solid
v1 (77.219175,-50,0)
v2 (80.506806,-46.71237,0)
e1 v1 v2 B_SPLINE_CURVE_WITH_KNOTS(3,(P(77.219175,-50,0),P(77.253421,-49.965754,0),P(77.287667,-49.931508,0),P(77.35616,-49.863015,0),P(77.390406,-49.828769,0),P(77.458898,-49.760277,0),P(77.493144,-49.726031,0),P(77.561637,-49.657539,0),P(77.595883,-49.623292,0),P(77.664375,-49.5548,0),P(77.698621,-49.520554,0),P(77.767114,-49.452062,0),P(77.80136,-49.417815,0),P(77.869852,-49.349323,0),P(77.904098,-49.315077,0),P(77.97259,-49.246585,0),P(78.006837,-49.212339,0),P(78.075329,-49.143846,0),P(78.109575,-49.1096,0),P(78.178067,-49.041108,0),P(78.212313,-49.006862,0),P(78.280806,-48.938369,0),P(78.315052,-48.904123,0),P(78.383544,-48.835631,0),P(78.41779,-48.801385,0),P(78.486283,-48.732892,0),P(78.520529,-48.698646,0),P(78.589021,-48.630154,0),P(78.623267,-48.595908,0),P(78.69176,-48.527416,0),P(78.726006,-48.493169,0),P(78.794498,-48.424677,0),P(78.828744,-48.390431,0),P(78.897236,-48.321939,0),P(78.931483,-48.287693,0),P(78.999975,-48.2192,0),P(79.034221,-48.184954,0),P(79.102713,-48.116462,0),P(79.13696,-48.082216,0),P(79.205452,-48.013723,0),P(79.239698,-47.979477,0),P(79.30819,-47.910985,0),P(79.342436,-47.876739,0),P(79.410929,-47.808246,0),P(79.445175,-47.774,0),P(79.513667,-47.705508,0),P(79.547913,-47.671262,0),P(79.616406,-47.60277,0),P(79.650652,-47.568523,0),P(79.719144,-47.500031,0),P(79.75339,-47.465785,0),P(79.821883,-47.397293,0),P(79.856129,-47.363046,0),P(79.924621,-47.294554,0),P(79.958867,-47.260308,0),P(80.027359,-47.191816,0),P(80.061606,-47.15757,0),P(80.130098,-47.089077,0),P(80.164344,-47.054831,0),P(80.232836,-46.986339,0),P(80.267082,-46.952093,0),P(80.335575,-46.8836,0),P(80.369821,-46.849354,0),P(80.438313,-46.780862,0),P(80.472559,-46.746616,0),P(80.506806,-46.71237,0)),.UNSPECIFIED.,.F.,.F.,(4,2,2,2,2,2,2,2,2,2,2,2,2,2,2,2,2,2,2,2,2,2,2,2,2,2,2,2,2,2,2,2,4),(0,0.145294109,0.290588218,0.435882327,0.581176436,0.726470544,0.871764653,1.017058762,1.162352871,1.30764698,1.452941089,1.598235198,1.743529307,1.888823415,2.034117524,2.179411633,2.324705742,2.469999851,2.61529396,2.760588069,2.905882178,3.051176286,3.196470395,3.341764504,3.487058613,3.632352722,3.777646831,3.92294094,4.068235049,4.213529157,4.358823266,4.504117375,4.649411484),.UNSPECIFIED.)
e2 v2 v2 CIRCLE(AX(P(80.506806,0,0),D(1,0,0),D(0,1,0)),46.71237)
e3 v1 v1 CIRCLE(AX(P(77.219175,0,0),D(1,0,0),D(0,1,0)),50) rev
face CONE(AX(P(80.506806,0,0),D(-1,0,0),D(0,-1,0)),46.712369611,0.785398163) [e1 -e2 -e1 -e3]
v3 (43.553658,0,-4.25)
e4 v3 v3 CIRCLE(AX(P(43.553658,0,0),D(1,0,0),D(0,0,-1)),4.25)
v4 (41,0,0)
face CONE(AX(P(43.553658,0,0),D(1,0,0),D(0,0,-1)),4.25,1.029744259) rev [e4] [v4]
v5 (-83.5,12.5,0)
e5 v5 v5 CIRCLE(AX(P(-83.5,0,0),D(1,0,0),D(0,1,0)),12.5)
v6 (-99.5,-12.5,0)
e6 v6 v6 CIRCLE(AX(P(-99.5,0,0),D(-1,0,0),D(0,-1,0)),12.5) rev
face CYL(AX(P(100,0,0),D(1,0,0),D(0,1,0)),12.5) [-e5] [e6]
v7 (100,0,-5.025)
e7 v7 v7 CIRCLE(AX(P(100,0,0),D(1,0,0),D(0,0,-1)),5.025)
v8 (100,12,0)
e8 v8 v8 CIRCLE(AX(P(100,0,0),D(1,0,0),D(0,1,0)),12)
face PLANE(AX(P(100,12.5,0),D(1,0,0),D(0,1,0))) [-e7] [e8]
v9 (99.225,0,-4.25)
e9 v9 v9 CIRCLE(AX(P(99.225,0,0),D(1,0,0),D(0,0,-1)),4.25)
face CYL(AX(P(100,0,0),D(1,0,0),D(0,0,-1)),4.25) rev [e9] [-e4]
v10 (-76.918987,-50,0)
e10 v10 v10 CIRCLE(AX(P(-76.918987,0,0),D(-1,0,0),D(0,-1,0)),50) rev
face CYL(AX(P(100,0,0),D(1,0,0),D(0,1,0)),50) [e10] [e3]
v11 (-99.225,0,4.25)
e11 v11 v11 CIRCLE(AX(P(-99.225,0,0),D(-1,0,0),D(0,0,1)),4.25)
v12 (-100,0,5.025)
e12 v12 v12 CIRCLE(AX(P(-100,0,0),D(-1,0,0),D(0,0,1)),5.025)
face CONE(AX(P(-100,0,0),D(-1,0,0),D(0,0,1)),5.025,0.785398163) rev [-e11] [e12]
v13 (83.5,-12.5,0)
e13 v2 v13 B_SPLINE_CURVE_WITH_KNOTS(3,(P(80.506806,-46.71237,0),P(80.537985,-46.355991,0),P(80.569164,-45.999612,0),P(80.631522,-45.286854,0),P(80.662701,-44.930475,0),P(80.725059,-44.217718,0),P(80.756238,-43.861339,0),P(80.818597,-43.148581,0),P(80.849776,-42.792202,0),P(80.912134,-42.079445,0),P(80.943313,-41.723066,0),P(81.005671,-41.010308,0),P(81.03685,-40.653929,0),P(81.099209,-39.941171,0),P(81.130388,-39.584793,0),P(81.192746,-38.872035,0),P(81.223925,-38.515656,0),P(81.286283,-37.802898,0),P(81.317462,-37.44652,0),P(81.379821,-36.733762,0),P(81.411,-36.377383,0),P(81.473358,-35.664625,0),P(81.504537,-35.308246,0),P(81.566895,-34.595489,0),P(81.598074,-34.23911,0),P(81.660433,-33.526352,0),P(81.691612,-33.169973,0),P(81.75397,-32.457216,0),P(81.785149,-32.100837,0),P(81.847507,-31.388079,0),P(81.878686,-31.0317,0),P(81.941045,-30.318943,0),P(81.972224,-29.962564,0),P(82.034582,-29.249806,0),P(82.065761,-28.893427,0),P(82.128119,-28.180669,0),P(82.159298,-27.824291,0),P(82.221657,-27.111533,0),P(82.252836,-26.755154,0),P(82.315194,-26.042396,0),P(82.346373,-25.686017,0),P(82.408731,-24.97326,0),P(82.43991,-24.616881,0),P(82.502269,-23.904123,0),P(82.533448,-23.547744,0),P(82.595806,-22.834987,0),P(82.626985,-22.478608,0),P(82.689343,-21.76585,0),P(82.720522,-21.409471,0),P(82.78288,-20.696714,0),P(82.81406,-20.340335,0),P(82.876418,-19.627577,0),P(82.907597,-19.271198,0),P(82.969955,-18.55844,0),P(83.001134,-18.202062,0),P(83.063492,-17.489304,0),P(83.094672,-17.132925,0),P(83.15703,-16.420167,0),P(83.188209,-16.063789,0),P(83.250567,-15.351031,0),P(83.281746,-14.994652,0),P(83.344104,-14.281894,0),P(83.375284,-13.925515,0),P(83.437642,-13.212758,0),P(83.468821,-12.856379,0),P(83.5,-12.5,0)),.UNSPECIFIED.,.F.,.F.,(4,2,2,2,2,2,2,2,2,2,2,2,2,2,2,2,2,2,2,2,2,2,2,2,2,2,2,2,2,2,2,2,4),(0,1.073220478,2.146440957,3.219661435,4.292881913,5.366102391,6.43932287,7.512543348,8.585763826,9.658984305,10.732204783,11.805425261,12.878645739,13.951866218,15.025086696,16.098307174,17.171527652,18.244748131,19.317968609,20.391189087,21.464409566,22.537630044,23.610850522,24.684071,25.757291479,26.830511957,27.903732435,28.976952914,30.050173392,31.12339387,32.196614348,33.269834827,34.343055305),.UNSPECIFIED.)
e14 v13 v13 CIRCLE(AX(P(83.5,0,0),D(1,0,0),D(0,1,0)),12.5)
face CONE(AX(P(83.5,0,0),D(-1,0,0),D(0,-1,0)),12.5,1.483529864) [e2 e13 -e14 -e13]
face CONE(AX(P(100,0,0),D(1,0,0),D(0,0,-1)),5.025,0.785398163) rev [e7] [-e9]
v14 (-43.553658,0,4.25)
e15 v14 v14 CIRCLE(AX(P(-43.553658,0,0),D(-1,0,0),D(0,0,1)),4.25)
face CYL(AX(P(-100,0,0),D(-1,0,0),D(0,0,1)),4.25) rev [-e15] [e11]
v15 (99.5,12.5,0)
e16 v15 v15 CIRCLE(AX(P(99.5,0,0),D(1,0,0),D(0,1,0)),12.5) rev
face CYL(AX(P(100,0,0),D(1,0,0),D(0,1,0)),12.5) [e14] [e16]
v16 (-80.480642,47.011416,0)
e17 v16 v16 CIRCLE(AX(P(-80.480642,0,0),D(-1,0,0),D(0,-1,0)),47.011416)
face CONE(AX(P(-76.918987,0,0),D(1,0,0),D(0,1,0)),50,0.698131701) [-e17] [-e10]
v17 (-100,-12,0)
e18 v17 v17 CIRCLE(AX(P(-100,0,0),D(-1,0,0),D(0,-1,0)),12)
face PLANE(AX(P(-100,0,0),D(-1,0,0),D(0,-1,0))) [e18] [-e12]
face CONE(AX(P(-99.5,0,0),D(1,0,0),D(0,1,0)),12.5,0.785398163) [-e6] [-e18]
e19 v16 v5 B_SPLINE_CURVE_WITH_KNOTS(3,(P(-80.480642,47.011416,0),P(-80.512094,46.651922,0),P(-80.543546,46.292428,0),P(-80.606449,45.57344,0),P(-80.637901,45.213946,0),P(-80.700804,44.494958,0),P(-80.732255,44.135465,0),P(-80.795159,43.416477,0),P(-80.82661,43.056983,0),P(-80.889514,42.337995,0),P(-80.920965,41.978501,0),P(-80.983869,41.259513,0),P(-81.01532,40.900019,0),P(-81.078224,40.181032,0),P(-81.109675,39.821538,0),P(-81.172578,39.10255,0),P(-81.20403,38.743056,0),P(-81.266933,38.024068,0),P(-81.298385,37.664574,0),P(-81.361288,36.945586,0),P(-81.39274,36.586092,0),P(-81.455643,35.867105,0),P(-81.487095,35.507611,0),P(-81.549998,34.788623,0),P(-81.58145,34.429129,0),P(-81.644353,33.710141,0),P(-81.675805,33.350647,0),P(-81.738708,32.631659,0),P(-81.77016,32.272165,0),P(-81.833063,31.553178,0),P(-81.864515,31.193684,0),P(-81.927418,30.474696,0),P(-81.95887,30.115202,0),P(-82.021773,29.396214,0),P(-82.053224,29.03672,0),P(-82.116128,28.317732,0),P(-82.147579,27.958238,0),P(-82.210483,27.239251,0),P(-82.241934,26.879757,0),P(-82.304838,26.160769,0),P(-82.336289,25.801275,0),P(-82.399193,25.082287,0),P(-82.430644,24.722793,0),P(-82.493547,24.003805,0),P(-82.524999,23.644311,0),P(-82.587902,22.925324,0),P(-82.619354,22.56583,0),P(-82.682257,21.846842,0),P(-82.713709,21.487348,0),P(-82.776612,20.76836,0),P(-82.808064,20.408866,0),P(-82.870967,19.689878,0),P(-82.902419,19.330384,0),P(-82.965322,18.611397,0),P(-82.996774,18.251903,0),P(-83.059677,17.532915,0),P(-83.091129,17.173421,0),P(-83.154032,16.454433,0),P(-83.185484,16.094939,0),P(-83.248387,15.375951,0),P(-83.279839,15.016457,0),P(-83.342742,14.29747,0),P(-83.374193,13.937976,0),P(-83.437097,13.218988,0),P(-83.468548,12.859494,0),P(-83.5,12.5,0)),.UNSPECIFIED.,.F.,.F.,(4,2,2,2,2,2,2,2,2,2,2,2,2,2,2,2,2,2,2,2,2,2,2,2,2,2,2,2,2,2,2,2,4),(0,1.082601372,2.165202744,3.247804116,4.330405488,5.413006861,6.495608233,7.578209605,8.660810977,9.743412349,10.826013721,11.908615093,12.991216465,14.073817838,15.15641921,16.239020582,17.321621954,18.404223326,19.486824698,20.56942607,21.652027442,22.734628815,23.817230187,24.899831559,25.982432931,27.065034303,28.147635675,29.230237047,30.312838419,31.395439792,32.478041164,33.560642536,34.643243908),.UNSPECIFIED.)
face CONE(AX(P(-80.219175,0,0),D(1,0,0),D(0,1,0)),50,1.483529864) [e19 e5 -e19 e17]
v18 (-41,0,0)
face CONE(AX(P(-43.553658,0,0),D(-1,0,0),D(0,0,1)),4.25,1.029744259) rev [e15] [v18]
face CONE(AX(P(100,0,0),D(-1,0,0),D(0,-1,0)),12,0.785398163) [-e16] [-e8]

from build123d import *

# Parameters (mm, degrees)
CHAMFER1_SIZE                = 0.5
CHAMFER2_SIZE                = 3
CHAMFER2_SIZE2               = 3.300188603
CHAMFER3_SIZE                = 3
CHAMFER3_SIZE2               = 3.300188603
CHAMFER4_SIZE                = 0.5
M10_TAPPED_HOLE2_D           = 8.5
M10_TAPPED_HOLE2_DEPTH       = 56.446342369
M10_TAPPED_HOLE2_CSINK_D     = 10.05
M10_TAPPED_HOLE2_CSINK_ANGLE = 90
M10_TAPPED_HOLE2_TIP         = 2.553657631


with BuildPart() as part:
    # Sketch1 → Revolve1 (revolve)
    with BuildSketch(Plane.XY):
        Polygon((-100, 0), (-100, 12.5), (-83.5, 12.5), (-80.219175118, 50), (80.219175118, 50), (83.5, 12.5), (100, 12.5), (100, 0), align=None)
    revolve(axis=Axis((100, 0, 0), (-1, 0, 0)))

    # Chamfer1
    chamfer1_edges = [part.edges().sort_by_distance(p)[0] for p in [
        (-100, -12.5, 0),
    ]]
    chamfer(chamfer1_edges, length=CHAMFER1_SIZE)

    # Chamfer2
    chamfer2_edges = [part.edges().sort_by_distance(p)[0] for p in [
        (-80.219175118, -50, 0),
    ]]
    chamfer2_side = [part.faces().sort_by_distance(p)[0] for p in [
        (-81.859587559, -31.25, 0),
    ]]
    chamfer(chamfer2_edges, length=CHAMFER2_SIZE, length2=CHAMFER2_SIZE2, reference=chamfer2_side[0])

    # Chamfer3
    chamfer3_edges = [part.edges().sort_by_distance(p)[0] for p in [
        (80.219175118, -50, 0),
    ]]
    chamfer3_side = [part.faces().sort_by_distance(p)[0] for p in [
        (1.650094301, -50, 0),
    ]]
    chamfer(chamfer3_edges, length=CHAMFER3_SIZE, length2=CHAMFER3_SIZE2, reference=chamfer3_side[0])

    # Chamfer4
    chamfer4_edges = [part.edges().sort_by_distance(p)[0] for p in [
        (100, -12.5, 0),
    ]]
    chamfer(chamfer4_edges, length=CHAMFER4_SIZE)

    # Sketch5 → M10 Tapped Hole1 (revolve, cut)
    with BuildSketch(Plane(origin=(100, 0, 0), x_dir=(0, 0, -1), z_dir=(0, 1, 0))):
        Polygon((0, 0), (0, 59), (4.25, 56.446342369), (4.25, 0.775), (5.025, 0), align=None)
    revolve(axis=Axis((106.35, 0, 0), (-1, 0, 0)), mode=Mode.SUBTRACT)

    # M10 Tapped Hole2
    with Locations(Plane(origin=(-100, 0, 0), x_dir=(0, -1, 0), z_dir=(-1, 0, 0))):
        with Locations((0, 0)):
            CounterSinkHole(M10_TAPPED_HOLE2_D / 2, M10_TAPPED_HOLE2_CSINK_D / 2, depth=M10_TAPPED_HOLE2_DEPTH, counter_sink_angle=M10_TAPPED_HOLE2_CSINK_ANGLE)
            with Locations((0, 0, -(M10_TAPPED_HOLE2_DEPTH + M10_TAPPED_HOLE2_TIP / 2))):  # 118° drill point
                Cone(0, M10_TAPPED_HOLE2_D / 2, M10_TAPPED_HOLE2_TIP, mode=Mode.SUBTRACT)


solid = part.part
